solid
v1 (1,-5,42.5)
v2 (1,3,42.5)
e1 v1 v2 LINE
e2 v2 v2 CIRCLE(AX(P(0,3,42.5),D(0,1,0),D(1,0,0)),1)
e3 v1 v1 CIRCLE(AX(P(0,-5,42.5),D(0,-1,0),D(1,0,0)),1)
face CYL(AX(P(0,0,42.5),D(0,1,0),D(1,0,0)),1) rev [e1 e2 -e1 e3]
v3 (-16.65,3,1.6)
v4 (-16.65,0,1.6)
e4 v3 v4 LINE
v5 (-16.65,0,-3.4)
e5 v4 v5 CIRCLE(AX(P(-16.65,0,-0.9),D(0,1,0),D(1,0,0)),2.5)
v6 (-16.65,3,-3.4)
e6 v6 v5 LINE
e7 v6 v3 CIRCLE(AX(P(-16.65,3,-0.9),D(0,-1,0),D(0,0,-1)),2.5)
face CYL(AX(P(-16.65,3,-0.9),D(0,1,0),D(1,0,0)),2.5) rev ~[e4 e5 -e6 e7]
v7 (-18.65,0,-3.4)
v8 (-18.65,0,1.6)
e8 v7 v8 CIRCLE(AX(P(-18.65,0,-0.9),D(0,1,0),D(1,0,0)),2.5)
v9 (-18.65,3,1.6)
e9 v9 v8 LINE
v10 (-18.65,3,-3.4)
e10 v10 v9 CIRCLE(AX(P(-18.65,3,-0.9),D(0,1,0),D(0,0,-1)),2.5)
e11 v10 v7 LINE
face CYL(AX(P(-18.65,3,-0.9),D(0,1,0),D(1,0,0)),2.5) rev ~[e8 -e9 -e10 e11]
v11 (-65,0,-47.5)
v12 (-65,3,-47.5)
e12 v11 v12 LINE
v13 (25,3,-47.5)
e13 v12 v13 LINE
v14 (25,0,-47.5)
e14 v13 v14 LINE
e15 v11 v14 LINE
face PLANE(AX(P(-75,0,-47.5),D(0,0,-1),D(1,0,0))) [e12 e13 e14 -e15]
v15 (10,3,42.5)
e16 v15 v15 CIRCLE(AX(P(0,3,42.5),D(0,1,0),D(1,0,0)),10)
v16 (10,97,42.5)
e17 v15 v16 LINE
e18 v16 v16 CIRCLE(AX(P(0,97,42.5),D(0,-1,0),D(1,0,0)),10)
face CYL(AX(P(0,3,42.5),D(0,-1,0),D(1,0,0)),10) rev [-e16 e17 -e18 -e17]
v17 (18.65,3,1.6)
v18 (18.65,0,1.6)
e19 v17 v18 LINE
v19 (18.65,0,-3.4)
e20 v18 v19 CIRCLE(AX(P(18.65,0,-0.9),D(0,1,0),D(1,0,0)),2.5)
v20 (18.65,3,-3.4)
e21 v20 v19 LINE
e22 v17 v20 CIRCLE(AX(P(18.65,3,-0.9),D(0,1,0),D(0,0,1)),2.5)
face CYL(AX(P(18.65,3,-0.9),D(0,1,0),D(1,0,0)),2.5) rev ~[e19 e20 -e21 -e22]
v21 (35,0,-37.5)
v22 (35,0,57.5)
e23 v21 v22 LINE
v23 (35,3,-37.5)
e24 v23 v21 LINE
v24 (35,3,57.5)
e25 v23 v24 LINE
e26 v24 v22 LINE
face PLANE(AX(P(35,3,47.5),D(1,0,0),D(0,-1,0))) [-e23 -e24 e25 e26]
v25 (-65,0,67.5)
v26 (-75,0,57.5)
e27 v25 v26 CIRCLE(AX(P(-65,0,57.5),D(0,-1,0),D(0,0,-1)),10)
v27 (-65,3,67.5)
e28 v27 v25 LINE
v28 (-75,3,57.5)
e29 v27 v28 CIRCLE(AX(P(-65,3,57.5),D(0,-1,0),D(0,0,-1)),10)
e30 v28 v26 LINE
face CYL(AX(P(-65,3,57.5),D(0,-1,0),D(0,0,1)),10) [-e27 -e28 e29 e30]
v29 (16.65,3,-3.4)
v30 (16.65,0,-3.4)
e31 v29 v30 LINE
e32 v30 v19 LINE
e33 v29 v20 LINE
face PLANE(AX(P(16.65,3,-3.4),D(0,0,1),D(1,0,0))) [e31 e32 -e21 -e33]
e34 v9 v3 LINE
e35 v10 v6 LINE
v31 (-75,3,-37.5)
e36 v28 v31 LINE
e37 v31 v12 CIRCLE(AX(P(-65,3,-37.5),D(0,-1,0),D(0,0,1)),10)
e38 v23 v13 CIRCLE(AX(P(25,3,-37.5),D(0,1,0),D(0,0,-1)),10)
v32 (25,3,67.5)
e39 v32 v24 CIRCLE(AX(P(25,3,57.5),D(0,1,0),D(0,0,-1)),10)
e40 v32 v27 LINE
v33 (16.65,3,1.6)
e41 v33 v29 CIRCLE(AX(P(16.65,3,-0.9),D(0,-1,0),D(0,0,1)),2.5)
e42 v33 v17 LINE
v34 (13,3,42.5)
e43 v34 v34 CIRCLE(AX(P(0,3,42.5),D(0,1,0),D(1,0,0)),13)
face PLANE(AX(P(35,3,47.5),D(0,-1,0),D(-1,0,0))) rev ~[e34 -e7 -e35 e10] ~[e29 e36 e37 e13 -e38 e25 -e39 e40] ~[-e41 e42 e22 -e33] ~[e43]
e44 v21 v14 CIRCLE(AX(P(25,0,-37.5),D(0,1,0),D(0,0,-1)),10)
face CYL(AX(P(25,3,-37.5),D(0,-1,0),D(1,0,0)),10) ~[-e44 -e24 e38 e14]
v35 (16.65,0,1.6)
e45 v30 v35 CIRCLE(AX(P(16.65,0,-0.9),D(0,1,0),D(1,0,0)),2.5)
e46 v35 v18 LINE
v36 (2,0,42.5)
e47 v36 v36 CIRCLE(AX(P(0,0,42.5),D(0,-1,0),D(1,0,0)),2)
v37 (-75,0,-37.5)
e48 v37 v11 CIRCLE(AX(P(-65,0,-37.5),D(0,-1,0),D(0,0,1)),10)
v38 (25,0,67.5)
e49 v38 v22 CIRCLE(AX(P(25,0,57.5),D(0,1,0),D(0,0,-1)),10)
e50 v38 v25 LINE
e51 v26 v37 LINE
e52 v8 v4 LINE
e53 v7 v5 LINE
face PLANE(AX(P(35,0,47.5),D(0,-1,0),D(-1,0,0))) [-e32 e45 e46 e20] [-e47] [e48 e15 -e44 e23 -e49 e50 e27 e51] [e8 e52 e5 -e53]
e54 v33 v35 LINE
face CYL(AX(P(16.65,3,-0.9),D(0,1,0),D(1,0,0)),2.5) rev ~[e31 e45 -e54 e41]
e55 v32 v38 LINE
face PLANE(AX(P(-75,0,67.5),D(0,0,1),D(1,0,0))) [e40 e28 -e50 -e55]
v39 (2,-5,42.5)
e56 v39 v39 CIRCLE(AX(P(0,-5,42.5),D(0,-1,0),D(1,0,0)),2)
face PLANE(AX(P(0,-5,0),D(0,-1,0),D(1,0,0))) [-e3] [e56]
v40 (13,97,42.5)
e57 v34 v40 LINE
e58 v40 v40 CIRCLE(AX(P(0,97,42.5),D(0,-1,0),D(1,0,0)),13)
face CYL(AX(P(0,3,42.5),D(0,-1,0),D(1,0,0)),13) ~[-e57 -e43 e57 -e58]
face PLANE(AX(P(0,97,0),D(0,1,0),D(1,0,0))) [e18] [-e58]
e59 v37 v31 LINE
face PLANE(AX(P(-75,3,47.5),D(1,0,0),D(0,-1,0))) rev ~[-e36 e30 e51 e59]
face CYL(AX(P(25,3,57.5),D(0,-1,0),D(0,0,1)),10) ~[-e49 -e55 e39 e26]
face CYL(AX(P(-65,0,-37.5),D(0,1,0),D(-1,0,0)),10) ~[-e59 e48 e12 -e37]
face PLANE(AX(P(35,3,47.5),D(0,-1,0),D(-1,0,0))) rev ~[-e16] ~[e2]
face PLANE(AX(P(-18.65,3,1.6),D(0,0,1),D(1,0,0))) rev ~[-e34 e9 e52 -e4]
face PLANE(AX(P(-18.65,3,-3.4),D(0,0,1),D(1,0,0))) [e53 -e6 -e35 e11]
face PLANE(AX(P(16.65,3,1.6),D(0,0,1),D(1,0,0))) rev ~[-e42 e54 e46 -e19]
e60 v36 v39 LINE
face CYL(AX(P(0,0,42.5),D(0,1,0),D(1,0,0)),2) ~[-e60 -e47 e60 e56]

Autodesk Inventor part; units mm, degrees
ref_plane "YZ Plane" through (0, 0, 0) normal (1, 0, 0) x (0, 1, 0)
ref_plane "XZ Plane" through (0, 0, 0) normal (0, 1, 0) x (-1, 0, 0)
ref_plane "XY Plane" through (0, 0, 0) normal (0, 0, 1) x (1, 0, 0)
sketch "Sketch1" plane through (0, 0, 0) normal (0, 1, 0) x (-1, 0, 0)
  line L0 (-75, 47.5) -> (75, 47.5)
  line L1 (75, 47.5) -> (75, -47.5)
  line L2 (75, -47.5) -> (-75, -47.5)
  line L3 (-75, -47.5) -> (-75, 47.5)
  line L4 (-75, 47.5) -> (75, -47.5) construction
  line L5 (75, 47.5) -> (-75, -47.5) construction
  point P0 (0, 0)
  dimension "d0" = 150
  dimension "d1" = 95
extrude "Extrusion1" add sketch "Sketch1" along normal blind 3
sketch "Sketch6" plane through (0, 3, 0) normal (0, 1, 0) x (1, 0, 0)
  line L0 (75, 47.5) -> (-75, 47.5) projected
  line L1 (0, 47.5) -> (0, 22.5)
  line L2 (0, 22.5) -> (0, -20.7)
  line L3 (0, -20.7) -> (0, 0.9)
  line L4 (0, 0.9) -> (-53.4, 0.9)
  line L5 (-18.65, 0.9) -> (18.65, 0.9)
  circle A0 centre (18.65, 0.9) radius 2.5
  circle A1 centre (-18.65, 0.9) radius 2.5
  line L6 (-18.65, 0.9) -> (-16.65, 0.9)
  line L7 (18.65, 0.9) -> (16.65, 0.9)
  circle A2 centre (16.65, 0.9) radius 2.5
  circle A3 centre (-16.65, 0.9) radius 2.5
  line L8 (-18.65, 3.4) -> (-16.65, 3.4)
  line L9 (-18.65, -1.6) -> (-16.65, -1.6)
  line L10 (16.65, 3.4) -> (18.65, 3.4)
  line L11 (16.65, -1.6) -> (18.65, -1.6)
  point P0 (0, 0)
  dimension "d40" = 25
  dimension "d41" = 43.2
  dimension "d42" = 53.4
  dimension "d46" = 37.3
  dimension "d47" = 5
  dimension "d48" = 5
  dimension "d49" = 2
  dimension "d50" = 2
  dimension "d51" = 5
  dimension "d52" = 5
extrude "Extrusion6" cut sketch "Sketch6" against normal through all
sketch "Sketch7" plane through (0, 3, 0) normal (0, 1, 0) x (1, 0, 0)
  line L0 (75, 47.5) -> (-75, 47.5) projected
  line L1 (-75, -47.5) -> (75, -47.5) projected
  line L2 (75, 47.5) -> (35, 47.5)
  line L3 (35, 47.5) -> (35, -47.5)
  line L4 (35, -47.5) -> (75, -47.5)
  line L5 (75, -47.5) -> (75, 47.5)
  point P0 (0, 0)
  point P1 (75, -47.5)
  dimension "d55" = 40
extrude "Extrusion7" cut sketch "Sketch7" against normal through all
sketch "Sketch8" plane through (0, 3, 0) normal (0, 1, 0) x (1, 0, 0)
  line L0 (-75, -47.5) -> (35, -47.5) projected
  line L1 (35, 47.5) -> (-75, 47.5) projected
  line L2 (0, 47.5) -> (0, -42.5)
  circle A0 centre (0, -42.5) radius 13
  line L3 (0, -42.5) -> (-20, -42.5)
  circle A1 centre (-20, -42.5) radius 1.5
  circle A2 centre (-10, -59.8205) radius 1.5
  circle A3 centre (10, -59.8205) radius 1.5
  circle A4 centre (20, -42.5) radius 1.5
  circle A5 centre (10, -25.1795) radius 1.5
  circle A6 centre (-10, -25.1795) radius 1.5
  circle A7 centre (0, -42.5) radius 10
  point P0 (0, 0)
  point P1 (7, 47.5)
  point P2 (-7, 47.5)
  point P3 (-10, -42.5)
  point P4 (-10, -47.5)
  point P5 (10, -42.5)
  point P6 (10, -47.5)
  point P7 (8.6603, -47.5)
  point P8 (-8.6603, -47.5)
  dimension "d60" = 90
  dimension "d62" = 26
  dimension "d63" = 20
  dimension "d64" = 3
  dimension "d67" = 360
  dimension "d69" = 20
sketch "Sketch9" plane through (-75, 0, 47.5) normal (0, 0, 1) x (1, 0, 0)
  line L0 (110, 0) -> (0, 0) projected
  line L1 (110, 3) -> (110, 0) projected
  line L2 (0, 0) -> (110, 0)
  line L3 (110, 0) -> (110, 3)
  line L4 (110, 3) -> (0, 3)
  line L5 (0, 3) -> (0, 0)
  point P0 (75, 0)
extrude "Extrusion9" add sketch "Sketch9" along normal blind 20
extrude "Extrusion10" add sketch "Sketch8" along normal blind 94 contours A0 L3 A7 L0 | L0 A7 A0 | A0 L2 A7 L3 | L0 A7 L2 A0
sketch "Sketch10" plane through (0, 3, 42.5) normal (0, 1, 0) x (1, 0, 0)
  circle A0 centre (0, 0) radius 1
  point P0 (0, 42.5)
  dimension "d77" = 2
extrude "Extrusion11" cut sketch "Sketch10" against normal through all
sketch "Sketch11" plane through (0, 0, 0) normal (0, -1, 0) x (1, 0, 0)
  circle A0 centre (0, 42.5) radius 1 projected
  circle A1 centre (0, 42.5) radius 1
  circle A2 centre (0, 42.5) radius 2
  point P0 (0, 0)
  dimension "d80" = 4
extrude "Extrusion12" add sketch "Sketch11" along normal blind 5
thread "Thread1" size "M4x0.7" class "6g" standard "ISO Metric profile" full length
fillet "Fillet2" radius 10 4 edges at (35, 1.5, 67.5) (35, 1.5, -47.5) (-75, 1.5, 67.5) (-75, 1.5, -47.5)
properties part number "TopMount"
